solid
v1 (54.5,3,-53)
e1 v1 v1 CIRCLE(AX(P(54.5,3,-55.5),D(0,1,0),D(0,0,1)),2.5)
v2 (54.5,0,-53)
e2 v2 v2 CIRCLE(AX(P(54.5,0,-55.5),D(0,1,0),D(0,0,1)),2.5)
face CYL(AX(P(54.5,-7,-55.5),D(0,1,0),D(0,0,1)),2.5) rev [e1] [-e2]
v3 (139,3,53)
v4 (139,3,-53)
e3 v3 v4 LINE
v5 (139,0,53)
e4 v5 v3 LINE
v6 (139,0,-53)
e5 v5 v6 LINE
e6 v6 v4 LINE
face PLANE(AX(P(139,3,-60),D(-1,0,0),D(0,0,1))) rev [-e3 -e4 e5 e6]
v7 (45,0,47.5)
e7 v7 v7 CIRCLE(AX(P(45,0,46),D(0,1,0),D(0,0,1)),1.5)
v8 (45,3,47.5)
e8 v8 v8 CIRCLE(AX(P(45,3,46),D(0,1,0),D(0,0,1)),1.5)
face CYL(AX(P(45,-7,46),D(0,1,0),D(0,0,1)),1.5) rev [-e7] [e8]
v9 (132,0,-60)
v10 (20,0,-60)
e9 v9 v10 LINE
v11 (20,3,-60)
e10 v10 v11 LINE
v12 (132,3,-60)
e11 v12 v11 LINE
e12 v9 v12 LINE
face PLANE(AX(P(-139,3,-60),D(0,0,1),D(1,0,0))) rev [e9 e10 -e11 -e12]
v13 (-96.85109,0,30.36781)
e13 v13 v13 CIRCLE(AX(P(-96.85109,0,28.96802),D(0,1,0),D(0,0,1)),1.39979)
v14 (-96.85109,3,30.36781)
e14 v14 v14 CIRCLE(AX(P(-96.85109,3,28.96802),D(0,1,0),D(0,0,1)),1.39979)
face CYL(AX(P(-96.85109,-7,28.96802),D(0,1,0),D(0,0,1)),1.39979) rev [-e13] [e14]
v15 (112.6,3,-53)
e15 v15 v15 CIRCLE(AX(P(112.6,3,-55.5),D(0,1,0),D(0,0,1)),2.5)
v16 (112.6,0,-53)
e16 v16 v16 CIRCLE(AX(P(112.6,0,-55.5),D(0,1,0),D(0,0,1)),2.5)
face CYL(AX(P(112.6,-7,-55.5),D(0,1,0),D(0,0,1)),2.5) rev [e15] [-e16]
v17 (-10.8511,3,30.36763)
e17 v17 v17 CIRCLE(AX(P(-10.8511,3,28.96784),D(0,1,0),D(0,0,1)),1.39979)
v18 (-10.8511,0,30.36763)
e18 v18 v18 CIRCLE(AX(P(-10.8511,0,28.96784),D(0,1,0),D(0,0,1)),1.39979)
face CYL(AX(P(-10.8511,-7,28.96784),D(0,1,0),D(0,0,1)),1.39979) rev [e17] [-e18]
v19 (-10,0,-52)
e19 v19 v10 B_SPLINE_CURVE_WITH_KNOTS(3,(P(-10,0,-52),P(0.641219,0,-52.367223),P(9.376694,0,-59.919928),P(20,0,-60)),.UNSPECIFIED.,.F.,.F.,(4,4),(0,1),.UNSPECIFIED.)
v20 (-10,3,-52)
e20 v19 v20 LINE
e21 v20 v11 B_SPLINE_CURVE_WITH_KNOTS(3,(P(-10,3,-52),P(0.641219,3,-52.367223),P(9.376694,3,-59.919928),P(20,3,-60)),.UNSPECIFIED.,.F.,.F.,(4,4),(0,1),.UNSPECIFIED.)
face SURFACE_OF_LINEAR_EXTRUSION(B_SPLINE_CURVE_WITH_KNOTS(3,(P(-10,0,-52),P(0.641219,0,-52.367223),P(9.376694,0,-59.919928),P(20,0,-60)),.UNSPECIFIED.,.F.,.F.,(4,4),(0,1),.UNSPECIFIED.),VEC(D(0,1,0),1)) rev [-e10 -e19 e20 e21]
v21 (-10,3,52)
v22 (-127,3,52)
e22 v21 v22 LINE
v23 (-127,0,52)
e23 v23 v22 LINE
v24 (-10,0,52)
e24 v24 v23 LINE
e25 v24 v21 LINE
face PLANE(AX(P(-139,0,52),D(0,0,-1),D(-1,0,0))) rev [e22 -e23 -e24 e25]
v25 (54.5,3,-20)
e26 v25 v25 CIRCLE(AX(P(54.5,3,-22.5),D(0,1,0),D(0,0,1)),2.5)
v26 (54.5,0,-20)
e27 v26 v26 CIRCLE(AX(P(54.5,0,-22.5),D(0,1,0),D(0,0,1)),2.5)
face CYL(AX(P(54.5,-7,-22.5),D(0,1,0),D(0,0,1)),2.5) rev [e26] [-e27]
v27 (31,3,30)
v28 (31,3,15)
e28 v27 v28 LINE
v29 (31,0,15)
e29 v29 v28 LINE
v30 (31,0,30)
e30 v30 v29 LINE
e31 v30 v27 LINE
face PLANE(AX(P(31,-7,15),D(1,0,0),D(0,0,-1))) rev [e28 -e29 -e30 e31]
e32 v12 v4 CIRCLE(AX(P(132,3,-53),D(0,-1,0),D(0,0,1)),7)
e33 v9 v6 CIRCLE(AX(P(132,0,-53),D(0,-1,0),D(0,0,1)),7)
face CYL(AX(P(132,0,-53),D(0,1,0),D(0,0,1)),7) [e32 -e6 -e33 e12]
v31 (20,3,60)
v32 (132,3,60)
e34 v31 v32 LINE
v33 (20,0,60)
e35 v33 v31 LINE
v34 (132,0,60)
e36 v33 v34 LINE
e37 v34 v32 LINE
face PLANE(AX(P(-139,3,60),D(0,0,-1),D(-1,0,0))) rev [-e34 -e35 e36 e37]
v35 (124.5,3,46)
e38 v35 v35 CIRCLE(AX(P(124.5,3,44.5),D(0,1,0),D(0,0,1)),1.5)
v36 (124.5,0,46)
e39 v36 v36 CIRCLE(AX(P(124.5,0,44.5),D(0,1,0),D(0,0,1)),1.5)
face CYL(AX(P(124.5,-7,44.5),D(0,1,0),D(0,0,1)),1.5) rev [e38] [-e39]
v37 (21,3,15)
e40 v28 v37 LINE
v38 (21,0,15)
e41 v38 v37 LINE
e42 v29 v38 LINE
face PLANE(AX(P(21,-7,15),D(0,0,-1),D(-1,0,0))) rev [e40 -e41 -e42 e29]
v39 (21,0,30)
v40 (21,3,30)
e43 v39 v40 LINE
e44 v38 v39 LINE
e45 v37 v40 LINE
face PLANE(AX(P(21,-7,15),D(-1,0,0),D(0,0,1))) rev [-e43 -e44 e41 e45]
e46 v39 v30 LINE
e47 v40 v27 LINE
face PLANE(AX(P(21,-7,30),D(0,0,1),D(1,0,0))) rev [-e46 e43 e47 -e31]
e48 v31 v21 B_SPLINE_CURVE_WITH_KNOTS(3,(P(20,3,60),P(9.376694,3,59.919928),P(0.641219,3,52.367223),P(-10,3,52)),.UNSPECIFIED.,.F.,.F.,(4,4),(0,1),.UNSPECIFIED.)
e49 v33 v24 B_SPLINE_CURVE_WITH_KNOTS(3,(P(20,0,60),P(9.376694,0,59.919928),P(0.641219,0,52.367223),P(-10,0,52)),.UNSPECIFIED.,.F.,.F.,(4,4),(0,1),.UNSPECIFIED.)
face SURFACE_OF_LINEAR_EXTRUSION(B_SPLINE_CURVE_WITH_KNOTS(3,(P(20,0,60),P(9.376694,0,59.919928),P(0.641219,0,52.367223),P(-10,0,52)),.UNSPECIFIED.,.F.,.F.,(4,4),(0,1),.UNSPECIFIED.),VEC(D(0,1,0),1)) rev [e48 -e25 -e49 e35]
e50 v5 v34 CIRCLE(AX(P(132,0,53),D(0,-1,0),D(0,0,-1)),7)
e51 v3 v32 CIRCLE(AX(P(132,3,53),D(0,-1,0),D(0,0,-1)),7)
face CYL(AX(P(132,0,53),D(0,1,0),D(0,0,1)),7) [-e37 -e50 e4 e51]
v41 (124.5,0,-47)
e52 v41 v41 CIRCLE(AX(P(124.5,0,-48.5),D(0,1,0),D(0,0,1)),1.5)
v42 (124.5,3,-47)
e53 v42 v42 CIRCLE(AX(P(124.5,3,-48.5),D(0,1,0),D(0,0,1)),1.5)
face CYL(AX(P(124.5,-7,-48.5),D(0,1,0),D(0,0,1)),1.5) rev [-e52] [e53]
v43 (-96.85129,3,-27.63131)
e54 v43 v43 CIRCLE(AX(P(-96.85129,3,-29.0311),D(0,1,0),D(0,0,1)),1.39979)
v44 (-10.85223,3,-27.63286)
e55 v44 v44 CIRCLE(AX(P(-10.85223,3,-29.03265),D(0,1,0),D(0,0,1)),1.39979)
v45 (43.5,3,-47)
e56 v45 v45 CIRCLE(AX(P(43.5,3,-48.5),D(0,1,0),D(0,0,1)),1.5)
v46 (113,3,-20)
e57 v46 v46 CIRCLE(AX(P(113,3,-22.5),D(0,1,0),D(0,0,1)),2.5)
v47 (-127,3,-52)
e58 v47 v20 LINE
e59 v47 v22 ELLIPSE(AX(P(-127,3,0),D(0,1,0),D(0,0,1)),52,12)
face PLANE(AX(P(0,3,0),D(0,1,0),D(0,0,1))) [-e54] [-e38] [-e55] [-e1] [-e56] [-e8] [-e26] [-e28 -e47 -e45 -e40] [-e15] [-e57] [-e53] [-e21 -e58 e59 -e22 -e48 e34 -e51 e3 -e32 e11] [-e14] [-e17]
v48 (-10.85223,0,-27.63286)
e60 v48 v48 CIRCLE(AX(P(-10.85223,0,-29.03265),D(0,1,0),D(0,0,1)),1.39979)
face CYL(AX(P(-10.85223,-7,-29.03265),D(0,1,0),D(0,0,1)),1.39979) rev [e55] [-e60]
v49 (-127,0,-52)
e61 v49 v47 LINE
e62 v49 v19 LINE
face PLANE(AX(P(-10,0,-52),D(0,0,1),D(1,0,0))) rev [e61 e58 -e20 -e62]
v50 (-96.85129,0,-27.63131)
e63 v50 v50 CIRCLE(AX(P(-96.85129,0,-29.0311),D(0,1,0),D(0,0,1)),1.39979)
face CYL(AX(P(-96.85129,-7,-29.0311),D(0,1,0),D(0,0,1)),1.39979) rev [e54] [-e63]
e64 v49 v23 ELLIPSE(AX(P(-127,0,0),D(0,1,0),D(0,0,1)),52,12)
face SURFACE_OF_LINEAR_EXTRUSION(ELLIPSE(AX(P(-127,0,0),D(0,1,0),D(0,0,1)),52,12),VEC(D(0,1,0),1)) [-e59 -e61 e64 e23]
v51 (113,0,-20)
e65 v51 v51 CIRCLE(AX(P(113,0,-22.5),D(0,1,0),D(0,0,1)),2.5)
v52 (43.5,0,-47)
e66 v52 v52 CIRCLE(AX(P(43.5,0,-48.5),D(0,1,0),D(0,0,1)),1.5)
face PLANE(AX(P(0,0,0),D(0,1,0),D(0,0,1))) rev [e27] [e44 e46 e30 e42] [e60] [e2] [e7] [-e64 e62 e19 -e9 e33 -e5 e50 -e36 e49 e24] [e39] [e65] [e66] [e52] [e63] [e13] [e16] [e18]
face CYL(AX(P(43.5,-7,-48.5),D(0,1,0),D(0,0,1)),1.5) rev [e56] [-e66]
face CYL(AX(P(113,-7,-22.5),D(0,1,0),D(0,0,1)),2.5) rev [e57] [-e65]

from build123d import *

# Parameters (mm, degrees)
SKETCH_1_W           = 278
SKETCH_1_H           = 120
EXTRUDE_1_DEPTH      = 3
SKETCH_2_W           = 129
SKETCH_2_H           = 8
CUT_EXTRUDE_1_DEPTH  = 3
CUT_EXTRUDE_2_DEPTH  = 3
CUT_EXTRUDE_4_DEPTH  = 3
CUT_EXTRUDE_5_DEPTH  = 3
SKETCH_16_R          = 1.39979
CUT_EXTRUDE_9_DEPTH  = 10
SKETCH_18_W          = 10
SKETCH_18_H          = 15
CUT_EXTRUDE_10_DEPTH = 10
SKETCH_19_R          = 2.5
CUT_EXTRUDE_11_DEPTH = 10
SKETCH_20_R          = 1.5
CUT_EXTRUDE_12_DEPTH = 10
SKETCH_21_R          = 1.5
CUT_EXTRUDE_13_DEPTH = 10
SKETCH_22_R          = 2.5
CUT_EXTRUDE_14_DEPTH = 10
SKETCH_23_R          = 2.5
CUT_EXTRUDE_15_DEPTH = 10
SKETCH_24_R          = 1.5
CUT_EXTRUDE_16_DEPTH = 10
SKETCH_25_R          = 1.5
CUT_EXTRUDE_17_DEPTH = 10


with BuildPart() as part:
    # 스케치1 → 보스-돌출1 (new body)
    with BuildSketch(Plane(origin=(0, 0, 0), x_dir=(1, 0, 0), z_dir=(0, 1, 0))):
        Rectangle(SKETCH_1_W, SKETCH_1_H)
    extrude(amount=EXTRUDE_1_DEPTH)

    # 스케치2 → 컷-돌출1 (cut)
    with BuildSketch(Plane(origin=(0, 3, 0), x_dir=(1, 0, 0), z_dir=(0, 1, 0))):
        with Locations((-74.5, -56)):
            Rectangle(SKETCH_2_W, SKETCH_2_H)
        with Locations((-74.5, 56)):
            Rectangle(SKETCH_2_W, SKETCH_2_H)
    extrude(amount=-CUT_EXTRUDE_1_DEPTH, mode=Mode.SUBTRACT)

    # 스케치3 → 컷-돌출2 (cut)
    with BuildSketch(Plane(origin=(0, 3, 0), x_dir=(1, 0, 0), z_dir=(0, 1, 0))):
        with BuildLine():
            add(Edge.make_bspline(
                [(-127, 52), (-139, 52), (-139, 0)],
                knots=[3.141592654, 3.141592654, 3.141592654, 4.71238898, 4.71238898, 4.71238898], degree=2, weights=[1, 0.707106781, 1]))
            Line((-127, 52), (-139, 52))
            Line((-139, 52), (-139, 0))
        make_face()
        with BuildLine():
            Line((-139, -52), (-127, -52))
            add(Edge.make_bspline(
                [(-139, 0), (-139, -52), (-127, -52)],
                knots=[4.71238898, 4.71238898, 4.71238898, 6.283185307, 6.283185307, 6.283185307], degree=2, weights=[1, 0.707106781, 1]))
            Line((-139, 0), (-139, -52))
        make_face()
    extrude(amount=-CUT_EXTRUDE_2_DEPTH, mode=Mode.SUBTRACT)

    # 스케치4 → 컷-돌출4 (cut)
    with BuildSketch(Plane(origin=(0, 3, 0), x_dir=(1, 0, 0), z_dir=(0, 1, 0))):
        with BuildLine():
            Line((-10, 52), (-10, 60))
            Line((-10, 60), (20, 60))
            add(Edge.make_bspline(
                [(-10, 52), (0.64121866, 52.367223255), (9.376693721, 59.919927591), (20, 60)],
                knots=[0, 0, 0, 0, 1, 1, 1, 1], degree=3))
        make_face()
        with BuildLine():
            Line((-10, -52), (-10, -60))
            Line((-10, -60), (20, -60))
            add(Edge.make_bspline(
                [(-10, -52), (0.64121866, -52.367223255), (9.376693721, -59.919927591), (20, -60)],
                knots=[0, 0, 0, 0, 1, 1, 1, 1], degree=3))
        make_face()
    extrude(amount=-CUT_EXTRUDE_4_DEPTH, mode=Mode.SUBTRACT)

    # 스케치5 → 컷-돌출5 (cut)
    with BuildSketch(Plane(origin=(0, 3, 0), x_dir=(1, 0, 0), z_dir=(0, 1, 0))):
        with BuildLine():
            Line((132, 60), (139, 60))
            Line((139, 60), (139, 53))
            ThreePointArc((139, 53), (136.949747468, 57.949747468), (132, 60))
        make_face()
        with BuildLine():
            Line((139, -60), (139, -53))
            ThreePointArc((139, -53), (136.949747468, -57.949747468), (132, -60))
            Line((132, -60), (139, -60))
        make_face()
    extrude(amount=-CUT_EXTRUDE_5_DEPTH, mode=Mode.SUBTRACT)

    # 스케치16 → 컷-돌출9 (cut)
    with BuildSketch(Plane(origin=(0, 3, 0), x_dir=(1, 0, 0), z_dir=(0, 1, 0))):
        with Locations(Location((-96.85129, 29.0311, 0), (0, 0, 270))):
            Circle(SKETCH_16_R)
        with Locations(Location((-96.85109, -28.96802, 0), (0, 0, 270))):
            Circle(SKETCH_16_R)
        with Locations(Location((-10.85223, 29.03265, 0), (0, 0, 270))):
            Circle(SKETCH_16_R)
        with Locations(Location((-10.8511, -28.96784, 0), (0, 0, 270))):
            Circle(SKETCH_16_R)
    extrude(amount=-CUT_EXTRUDE_9_DEPTH, mode=Mode.SUBTRACT)

    # 스케치18 → 컷-돌출10 (cut)
    with BuildSketch(Plane(origin=(0, 3, 0), x_dir=(1, 0, 0), z_dir=(0, 1, 0))):
        with Locations((26, -22.5)):
            Rectangle(SKETCH_18_W, SKETCH_18_H)
    extrude(amount=-CUT_EXTRUDE_10_DEPTH, mode=Mode.SUBTRACT)

    # 스케치19 → 컷-돌출11 (cut)
    with BuildSketch(Plane(origin=(0, 3, 0), x_dir=(1, 0, 0), z_dir=(0, 1, 0))):
        with Locations(Location((112.6, 55.5, 0), (0, 0, 270))):
            Circle(SKETCH_19_R)
    extrude(amount=-CUT_EXTRUDE_11_DEPTH, mode=Mode.SUBTRACT)

    # 스케치20 → 컷-돌출12 (cut)
    with BuildSketch(Plane(origin=(0, 3, 0), x_dir=(1, 0, 0), z_dir=(0, 1, 0))):
        with Locations(Location((124.5, 48.5, 0), (0, 0, 270))):
            Circle(SKETCH_20_R)
    extrude(amount=-CUT_EXTRUDE_12_DEPTH, mode=Mode.SUBTRACT)

    # 스케치21 → 컷-돌출13 (cut)
    with BuildSketch(Plane(origin=(0, 3, 0), x_dir=(1, 0, 0), z_dir=(0, 1, 0))):
        with Locations(Location((124.5, -44.5, 0), (0, 0, 270))):
            Circle(SKETCH_21_R)
    extrude(amount=-CUT_EXTRUDE_13_DEPTH, mode=Mode.SUBTRACT)

    # 스케치22 → 컷-돌출14 (cut)
    with BuildSketch(Plane(origin=(0, 3, 0), x_dir=(1, 0, 0), z_dir=(0, 1, 0))):
        with Locations(Location((54.5, 55.5, 0), (0, 0, 270))):
            Circle(SKETCH_22_R)
    extrude(amount=-CUT_EXTRUDE_14_DEPTH, mode=Mode.SUBTRACT)

    # 스케치23 → 컷-돌출15 (cut)
    with BuildSketch(Plane(origin=(0, 3, 0), x_dir=(1, 0, 0), z_dir=(0, 1, 0))):
        with Locations(Location((113, 22.5, 0), (0, 0, 270))):
            Circle(SKETCH_23_R)
        with Locations(Location((54.5, 22.5, 0), (0, 0, 270))):
            Circle(SKETCH_23_R)
    extrude(amount=-CUT_EXTRUDE_15_DEPTH, mode=Mode.SUBTRACT)

    # 스케치24 → 컷-돌출16 (cut)
    with BuildSketch(Plane(origin=(0, 3, 0), x_dir=(1, 0, 0), z_dir=(0, 1, 0))):
        with Locations(Location((45, -46, 0), (0, 0, 270))):
            Circle(SKETCH_24_R)
    extrude(amount=-CUT_EXTRUDE_16_DEPTH, mode=Mode.SUBTRACT)

    # 스케치25 → 컷-돌출17 (cut)
    with BuildSketch(Plane(origin=(0, 3, 0), x_dir=(1, 0, 0), z_dir=(0, 1, 0))):
        with Locations(Location((43.5, 48.5, 0), (0, 0, 270))):
            Circle(SKETCH_25_R)
    extrude(amount=-CUT_EXTRUDE_17_DEPTH, mode=Mode.SUBTRACT)


solid = part.part
